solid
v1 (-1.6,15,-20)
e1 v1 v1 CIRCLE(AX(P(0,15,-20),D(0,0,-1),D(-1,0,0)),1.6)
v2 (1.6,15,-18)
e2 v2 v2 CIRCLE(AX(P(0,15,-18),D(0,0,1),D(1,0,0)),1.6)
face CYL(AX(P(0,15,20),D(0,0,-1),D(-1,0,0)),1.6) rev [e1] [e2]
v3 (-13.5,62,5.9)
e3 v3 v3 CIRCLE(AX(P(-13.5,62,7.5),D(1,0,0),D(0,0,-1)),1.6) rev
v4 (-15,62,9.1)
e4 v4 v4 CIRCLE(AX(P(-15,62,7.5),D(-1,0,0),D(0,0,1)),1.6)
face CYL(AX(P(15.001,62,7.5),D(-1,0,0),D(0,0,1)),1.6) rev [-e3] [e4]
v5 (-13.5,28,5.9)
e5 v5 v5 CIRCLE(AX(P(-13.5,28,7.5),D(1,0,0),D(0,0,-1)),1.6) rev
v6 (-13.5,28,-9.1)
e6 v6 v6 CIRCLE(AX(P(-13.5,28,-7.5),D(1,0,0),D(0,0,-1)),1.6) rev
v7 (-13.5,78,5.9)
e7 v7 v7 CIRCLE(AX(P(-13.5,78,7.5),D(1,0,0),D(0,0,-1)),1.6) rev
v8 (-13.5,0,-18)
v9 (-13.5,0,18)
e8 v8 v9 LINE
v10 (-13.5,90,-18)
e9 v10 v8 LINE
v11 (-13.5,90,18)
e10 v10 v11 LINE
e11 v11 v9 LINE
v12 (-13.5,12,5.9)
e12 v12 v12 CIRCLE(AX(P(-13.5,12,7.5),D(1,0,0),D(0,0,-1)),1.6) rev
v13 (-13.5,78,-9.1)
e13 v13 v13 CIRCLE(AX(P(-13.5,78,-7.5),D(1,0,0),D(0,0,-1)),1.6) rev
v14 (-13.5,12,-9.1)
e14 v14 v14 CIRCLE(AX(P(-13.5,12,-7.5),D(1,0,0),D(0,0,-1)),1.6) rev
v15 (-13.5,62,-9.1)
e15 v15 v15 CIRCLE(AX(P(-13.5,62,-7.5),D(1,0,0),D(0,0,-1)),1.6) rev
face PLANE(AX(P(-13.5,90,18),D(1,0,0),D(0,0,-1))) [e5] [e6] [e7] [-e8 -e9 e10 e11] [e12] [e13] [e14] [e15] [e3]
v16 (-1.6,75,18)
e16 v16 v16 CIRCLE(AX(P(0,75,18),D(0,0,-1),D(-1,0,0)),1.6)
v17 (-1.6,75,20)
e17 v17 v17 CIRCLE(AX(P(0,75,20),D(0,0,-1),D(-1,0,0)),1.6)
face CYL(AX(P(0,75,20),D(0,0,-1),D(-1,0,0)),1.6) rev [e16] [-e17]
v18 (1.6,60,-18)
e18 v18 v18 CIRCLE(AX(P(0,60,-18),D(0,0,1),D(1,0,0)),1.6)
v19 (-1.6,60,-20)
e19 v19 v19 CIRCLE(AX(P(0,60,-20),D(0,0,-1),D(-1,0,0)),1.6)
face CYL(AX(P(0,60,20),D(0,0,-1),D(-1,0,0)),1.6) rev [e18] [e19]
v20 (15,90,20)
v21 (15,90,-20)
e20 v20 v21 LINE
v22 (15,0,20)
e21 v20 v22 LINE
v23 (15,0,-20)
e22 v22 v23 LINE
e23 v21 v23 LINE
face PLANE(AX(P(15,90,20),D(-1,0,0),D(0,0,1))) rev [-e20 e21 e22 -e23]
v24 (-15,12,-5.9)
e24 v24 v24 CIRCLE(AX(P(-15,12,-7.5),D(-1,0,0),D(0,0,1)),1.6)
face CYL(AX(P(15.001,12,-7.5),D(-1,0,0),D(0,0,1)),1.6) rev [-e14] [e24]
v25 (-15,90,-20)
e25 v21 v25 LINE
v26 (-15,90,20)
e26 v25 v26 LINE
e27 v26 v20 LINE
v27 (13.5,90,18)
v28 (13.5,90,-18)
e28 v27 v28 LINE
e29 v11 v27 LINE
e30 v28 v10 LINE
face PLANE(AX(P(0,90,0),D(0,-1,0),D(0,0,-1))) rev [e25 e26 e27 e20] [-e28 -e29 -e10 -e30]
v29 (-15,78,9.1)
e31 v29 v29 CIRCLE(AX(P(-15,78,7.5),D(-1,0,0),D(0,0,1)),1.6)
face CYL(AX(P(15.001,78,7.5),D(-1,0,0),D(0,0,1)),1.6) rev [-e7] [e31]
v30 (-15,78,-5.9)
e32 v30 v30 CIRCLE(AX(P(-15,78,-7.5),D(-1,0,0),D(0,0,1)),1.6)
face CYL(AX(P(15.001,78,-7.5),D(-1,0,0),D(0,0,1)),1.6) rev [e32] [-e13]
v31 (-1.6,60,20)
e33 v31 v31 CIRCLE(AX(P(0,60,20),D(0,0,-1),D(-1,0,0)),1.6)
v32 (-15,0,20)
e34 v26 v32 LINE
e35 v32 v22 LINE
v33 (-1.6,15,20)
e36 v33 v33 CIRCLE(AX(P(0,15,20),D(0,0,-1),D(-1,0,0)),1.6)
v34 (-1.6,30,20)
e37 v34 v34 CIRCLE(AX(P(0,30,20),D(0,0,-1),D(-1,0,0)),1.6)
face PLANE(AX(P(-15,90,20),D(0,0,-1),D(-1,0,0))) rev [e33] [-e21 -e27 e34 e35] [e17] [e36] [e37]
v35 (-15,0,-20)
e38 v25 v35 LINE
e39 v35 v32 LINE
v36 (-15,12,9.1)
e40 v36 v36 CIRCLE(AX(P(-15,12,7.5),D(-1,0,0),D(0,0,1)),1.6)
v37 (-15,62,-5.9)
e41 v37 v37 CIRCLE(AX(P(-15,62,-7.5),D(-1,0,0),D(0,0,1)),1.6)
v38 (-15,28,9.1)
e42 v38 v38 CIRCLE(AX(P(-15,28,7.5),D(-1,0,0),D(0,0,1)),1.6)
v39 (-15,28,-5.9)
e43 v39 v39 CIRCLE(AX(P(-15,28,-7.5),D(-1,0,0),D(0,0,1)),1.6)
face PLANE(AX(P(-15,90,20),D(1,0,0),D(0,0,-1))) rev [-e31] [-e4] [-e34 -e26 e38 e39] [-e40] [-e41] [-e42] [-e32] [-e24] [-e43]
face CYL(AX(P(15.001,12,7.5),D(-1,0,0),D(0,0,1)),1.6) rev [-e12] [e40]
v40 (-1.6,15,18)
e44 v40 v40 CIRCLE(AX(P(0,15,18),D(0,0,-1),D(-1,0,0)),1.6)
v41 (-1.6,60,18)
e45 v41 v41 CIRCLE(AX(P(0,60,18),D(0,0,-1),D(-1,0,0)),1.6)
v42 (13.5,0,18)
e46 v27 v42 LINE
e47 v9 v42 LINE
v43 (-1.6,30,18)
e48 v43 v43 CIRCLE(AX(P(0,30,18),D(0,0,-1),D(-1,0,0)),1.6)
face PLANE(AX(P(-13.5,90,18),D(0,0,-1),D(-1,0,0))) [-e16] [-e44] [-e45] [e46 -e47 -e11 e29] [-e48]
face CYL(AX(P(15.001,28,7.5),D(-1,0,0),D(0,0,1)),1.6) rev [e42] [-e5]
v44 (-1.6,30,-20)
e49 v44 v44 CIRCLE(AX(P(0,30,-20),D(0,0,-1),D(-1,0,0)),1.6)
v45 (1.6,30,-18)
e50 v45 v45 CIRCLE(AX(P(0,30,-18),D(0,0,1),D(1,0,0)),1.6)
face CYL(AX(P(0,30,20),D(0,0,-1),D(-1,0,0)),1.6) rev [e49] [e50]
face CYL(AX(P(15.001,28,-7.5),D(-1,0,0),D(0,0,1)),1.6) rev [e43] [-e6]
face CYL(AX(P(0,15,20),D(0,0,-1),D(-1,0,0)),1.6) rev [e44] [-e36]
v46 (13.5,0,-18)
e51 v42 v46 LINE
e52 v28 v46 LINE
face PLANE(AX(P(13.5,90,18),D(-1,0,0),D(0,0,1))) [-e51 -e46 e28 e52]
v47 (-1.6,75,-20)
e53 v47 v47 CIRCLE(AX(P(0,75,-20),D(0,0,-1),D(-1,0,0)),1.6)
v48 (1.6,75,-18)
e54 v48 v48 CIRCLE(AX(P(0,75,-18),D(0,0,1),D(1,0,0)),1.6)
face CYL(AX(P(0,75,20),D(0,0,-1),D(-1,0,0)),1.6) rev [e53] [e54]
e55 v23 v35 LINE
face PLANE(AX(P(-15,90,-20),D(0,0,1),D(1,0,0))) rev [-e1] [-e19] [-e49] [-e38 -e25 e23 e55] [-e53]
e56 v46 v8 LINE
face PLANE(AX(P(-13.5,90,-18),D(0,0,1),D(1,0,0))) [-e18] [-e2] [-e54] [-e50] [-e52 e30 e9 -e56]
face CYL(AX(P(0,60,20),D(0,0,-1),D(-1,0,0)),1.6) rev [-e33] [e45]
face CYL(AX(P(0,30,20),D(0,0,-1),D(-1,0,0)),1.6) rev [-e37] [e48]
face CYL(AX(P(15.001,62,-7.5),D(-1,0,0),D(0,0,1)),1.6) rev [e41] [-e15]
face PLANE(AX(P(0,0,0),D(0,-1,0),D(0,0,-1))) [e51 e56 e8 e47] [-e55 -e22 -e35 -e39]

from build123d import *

# Parameters (mm, degrees)
SKETCH_1_W               = 30
SKETCH_1_H               = 40
SKETCH_1_W_2             = 27
SKETCH_1_H_2             = 36
EXTRUDE_1_DEPTH          = 90
CUT_EXTRUDE_1_REACH      = 98.954
SKETCH_2_R               = 1.6
CUT_EXTRUDE_2_DEPTH      = 99.838251704
CUT_EXTRUDE_2_DEPTH_BACK = 99.838251704
SKETCH_3_R               = 1.6


with BuildPart() as part:
    # 草图1 → 凸台-拉伸1 (new body)
    with BuildSketch(Plane(origin=(0, 0, 0), x_dir=(1, 0, 0), z_dir=(0, 1, 0))):
        Rectangle(SKETCH_1_W, SKETCH_1_H)
        Rectangle(SKETCH_1_W_2, SKETCH_1_H_2, mode=Mode.SUBTRACT)
    extrude(amount=EXTRUDE_1_DEPTH)

    # 草图2 → 切除-拉伸1 (cut, up to next)
    with BuildSketch(Plane.ZY.offset(15), mode=Mode.PRIVATE) as cut_extrude_1_sk1:
        with Locations((7.5, 78)):
            Circle(SKETCH_2_R)
    cut_extrude_1_tool1 = extrude(cut_extrude_1_sk1.sketch, amount=-CUT_EXTRUDE_1_REACH, mode=Mode.PRIVATE) & part.part
    # 草图2 → 切除-拉伸1 (cut, up to next)
    with BuildSketch(Plane.ZY.offset(15), mode=Mode.PRIVATE) as cut_extrude_1_sk2:
        with Locations((-7.5, 78)):
            Circle(SKETCH_2_R)
    cut_extrude_1_tool2 = extrude(cut_extrude_1_sk2.sketch, amount=-CUT_EXTRUDE_1_REACH, mode=Mode.PRIVATE) & part.part
    # 草图2 → 切除-拉伸1 (cut, up to next)
    with BuildSketch(Plane.ZY.offset(15), mode=Mode.PRIVATE) as cut_extrude_1_sk3:
        with Locations((-7.5, 62)):
            Circle(SKETCH_2_R)
    cut_extrude_1_tool3 = extrude(cut_extrude_1_sk3.sketch, amount=-CUT_EXTRUDE_1_REACH, mode=Mode.PRIVATE) & part.part
    # 草图2 → 切除-拉伸1 (cut, up to next)
    with BuildSketch(Plane.ZY.offset(15), mode=Mode.PRIVATE) as cut_extrude_1_sk4:
        with Locations((7.5, 62)):
            Circle(SKETCH_2_R)
    cut_extrude_1_tool4 = extrude(cut_extrude_1_sk4.sketch, amount=-CUT_EXTRUDE_1_REACH, mode=Mode.PRIVATE) & part.part
    # 草图2 → 切除-拉伸1 (cut, up to next)
    with BuildSketch(Plane.ZY.offset(15), mode=Mode.PRIVATE) as cut_extrude_1_sk5:
        with Locations((7.5, 28)):
            Circle(SKETCH_2_R)
    cut_extrude_1_tool5 = extrude(cut_extrude_1_sk5.sketch, amount=-CUT_EXTRUDE_1_REACH, mode=Mode.PRIVATE) & part.part
    # 草图2 → 切除-拉伸1 (cut, up to next)
    with BuildSketch(Plane.ZY.offset(15), mode=Mode.PRIVATE) as cut_extrude_1_sk6:
        with Locations((7.5, 12)):
            Circle(SKETCH_2_R)
    cut_extrude_1_tool6 = extrude(cut_extrude_1_sk6.sketch, amount=-CUT_EXTRUDE_1_REACH, mode=Mode.PRIVATE) & part.part
    # 草图2 → 切除-拉伸1 (cut, up to next)
    with BuildSketch(Plane.ZY.offset(15), mode=Mode.PRIVATE) as cut_extrude_1_sk7:
        with Locations((-7.5, 28)):
            Circle(SKETCH_2_R)
    cut_extrude_1_tool7 = extrude(cut_extrude_1_sk7.sketch, amount=-CUT_EXTRUDE_1_REACH, mode=Mode.PRIVATE) & part.part
    # 草图2 → 切除-拉伸1 (cut, up to next)
    with BuildSketch(Plane.ZY.offset(15), mode=Mode.PRIVATE) as cut_extrude_1_sk8:
        with Locations((-7.5, 12)):
            Circle(SKETCH_2_R)
    cut_extrude_1_tool8 = extrude(cut_extrude_1_sk8.sketch, amount=-CUT_EXTRUDE_1_REACH, mode=Mode.PRIVATE) & part.part
    add(cut_extrude_1_tool1.solids().sort_by_distance((-15, 78, 7.5))[0], mode=Mode.SUBTRACT)
    add(cut_extrude_1_tool2.solids().sort_by_distance((-15, 78, -7.5))[0], mode=Mode.SUBTRACT)
    add(cut_extrude_1_tool3.solids().sort_by_distance((-15, 62, -7.5))[0], mode=Mode.SUBTRACT)
    add(cut_extrude_1_tool4.solids().sort_by_distance((-15, 62, 7.5))[0], mode=Mode.SUBTRACT)
    add(cut_extrude_1_tool5.solids().sort_by_distance((-15, 28, 7.5))[0], mode=Mode.SUBTRACT)
    add(cut_extrude_1_tool6.solids().sort_by_distance((-15, 12, 7.5))[0], mode=Mode.SUBTRACT)
    add(cut_extrude_1_tool7.solids().sort_by_distance((-15, 28, -7.5))[0], mode=Mode.SUBTRACT)
    add(cut_extrude_1_tool8.solids().sort_by_distance((-15, 12, -7.5))[0], mode=Mode.SUBTRACT)

    # 草图3 → 切除-拉伸2 (cut, two sides: drawn at the far end of the back side and taken through both)
    with BuildSketch(Plane(origin=(0, 0, 18), x_dir=(-1, 0, 0), z_dir=(0, 0, -1)).offset(-CUT_EXTRUDE_2_DEPTH_BACK)):
        with Locations((0, 30)):
            Circle(SKETCH_3_R)
        with Locations((0, 15)):
            Circle(SKETCH_3_R)
        with Locations((0, 75)):
            Circle(SKETCH_3_R)
        with Locations((0, 60)):
            Circle(SKETCH_3_R)
    extrude(amount=CUT_EXTRUDE_2_DEPTH + CUT_EXTRUDE_2_DEPTH_BACK, mode=Mode.SUBTRACT)


solid = part.part
